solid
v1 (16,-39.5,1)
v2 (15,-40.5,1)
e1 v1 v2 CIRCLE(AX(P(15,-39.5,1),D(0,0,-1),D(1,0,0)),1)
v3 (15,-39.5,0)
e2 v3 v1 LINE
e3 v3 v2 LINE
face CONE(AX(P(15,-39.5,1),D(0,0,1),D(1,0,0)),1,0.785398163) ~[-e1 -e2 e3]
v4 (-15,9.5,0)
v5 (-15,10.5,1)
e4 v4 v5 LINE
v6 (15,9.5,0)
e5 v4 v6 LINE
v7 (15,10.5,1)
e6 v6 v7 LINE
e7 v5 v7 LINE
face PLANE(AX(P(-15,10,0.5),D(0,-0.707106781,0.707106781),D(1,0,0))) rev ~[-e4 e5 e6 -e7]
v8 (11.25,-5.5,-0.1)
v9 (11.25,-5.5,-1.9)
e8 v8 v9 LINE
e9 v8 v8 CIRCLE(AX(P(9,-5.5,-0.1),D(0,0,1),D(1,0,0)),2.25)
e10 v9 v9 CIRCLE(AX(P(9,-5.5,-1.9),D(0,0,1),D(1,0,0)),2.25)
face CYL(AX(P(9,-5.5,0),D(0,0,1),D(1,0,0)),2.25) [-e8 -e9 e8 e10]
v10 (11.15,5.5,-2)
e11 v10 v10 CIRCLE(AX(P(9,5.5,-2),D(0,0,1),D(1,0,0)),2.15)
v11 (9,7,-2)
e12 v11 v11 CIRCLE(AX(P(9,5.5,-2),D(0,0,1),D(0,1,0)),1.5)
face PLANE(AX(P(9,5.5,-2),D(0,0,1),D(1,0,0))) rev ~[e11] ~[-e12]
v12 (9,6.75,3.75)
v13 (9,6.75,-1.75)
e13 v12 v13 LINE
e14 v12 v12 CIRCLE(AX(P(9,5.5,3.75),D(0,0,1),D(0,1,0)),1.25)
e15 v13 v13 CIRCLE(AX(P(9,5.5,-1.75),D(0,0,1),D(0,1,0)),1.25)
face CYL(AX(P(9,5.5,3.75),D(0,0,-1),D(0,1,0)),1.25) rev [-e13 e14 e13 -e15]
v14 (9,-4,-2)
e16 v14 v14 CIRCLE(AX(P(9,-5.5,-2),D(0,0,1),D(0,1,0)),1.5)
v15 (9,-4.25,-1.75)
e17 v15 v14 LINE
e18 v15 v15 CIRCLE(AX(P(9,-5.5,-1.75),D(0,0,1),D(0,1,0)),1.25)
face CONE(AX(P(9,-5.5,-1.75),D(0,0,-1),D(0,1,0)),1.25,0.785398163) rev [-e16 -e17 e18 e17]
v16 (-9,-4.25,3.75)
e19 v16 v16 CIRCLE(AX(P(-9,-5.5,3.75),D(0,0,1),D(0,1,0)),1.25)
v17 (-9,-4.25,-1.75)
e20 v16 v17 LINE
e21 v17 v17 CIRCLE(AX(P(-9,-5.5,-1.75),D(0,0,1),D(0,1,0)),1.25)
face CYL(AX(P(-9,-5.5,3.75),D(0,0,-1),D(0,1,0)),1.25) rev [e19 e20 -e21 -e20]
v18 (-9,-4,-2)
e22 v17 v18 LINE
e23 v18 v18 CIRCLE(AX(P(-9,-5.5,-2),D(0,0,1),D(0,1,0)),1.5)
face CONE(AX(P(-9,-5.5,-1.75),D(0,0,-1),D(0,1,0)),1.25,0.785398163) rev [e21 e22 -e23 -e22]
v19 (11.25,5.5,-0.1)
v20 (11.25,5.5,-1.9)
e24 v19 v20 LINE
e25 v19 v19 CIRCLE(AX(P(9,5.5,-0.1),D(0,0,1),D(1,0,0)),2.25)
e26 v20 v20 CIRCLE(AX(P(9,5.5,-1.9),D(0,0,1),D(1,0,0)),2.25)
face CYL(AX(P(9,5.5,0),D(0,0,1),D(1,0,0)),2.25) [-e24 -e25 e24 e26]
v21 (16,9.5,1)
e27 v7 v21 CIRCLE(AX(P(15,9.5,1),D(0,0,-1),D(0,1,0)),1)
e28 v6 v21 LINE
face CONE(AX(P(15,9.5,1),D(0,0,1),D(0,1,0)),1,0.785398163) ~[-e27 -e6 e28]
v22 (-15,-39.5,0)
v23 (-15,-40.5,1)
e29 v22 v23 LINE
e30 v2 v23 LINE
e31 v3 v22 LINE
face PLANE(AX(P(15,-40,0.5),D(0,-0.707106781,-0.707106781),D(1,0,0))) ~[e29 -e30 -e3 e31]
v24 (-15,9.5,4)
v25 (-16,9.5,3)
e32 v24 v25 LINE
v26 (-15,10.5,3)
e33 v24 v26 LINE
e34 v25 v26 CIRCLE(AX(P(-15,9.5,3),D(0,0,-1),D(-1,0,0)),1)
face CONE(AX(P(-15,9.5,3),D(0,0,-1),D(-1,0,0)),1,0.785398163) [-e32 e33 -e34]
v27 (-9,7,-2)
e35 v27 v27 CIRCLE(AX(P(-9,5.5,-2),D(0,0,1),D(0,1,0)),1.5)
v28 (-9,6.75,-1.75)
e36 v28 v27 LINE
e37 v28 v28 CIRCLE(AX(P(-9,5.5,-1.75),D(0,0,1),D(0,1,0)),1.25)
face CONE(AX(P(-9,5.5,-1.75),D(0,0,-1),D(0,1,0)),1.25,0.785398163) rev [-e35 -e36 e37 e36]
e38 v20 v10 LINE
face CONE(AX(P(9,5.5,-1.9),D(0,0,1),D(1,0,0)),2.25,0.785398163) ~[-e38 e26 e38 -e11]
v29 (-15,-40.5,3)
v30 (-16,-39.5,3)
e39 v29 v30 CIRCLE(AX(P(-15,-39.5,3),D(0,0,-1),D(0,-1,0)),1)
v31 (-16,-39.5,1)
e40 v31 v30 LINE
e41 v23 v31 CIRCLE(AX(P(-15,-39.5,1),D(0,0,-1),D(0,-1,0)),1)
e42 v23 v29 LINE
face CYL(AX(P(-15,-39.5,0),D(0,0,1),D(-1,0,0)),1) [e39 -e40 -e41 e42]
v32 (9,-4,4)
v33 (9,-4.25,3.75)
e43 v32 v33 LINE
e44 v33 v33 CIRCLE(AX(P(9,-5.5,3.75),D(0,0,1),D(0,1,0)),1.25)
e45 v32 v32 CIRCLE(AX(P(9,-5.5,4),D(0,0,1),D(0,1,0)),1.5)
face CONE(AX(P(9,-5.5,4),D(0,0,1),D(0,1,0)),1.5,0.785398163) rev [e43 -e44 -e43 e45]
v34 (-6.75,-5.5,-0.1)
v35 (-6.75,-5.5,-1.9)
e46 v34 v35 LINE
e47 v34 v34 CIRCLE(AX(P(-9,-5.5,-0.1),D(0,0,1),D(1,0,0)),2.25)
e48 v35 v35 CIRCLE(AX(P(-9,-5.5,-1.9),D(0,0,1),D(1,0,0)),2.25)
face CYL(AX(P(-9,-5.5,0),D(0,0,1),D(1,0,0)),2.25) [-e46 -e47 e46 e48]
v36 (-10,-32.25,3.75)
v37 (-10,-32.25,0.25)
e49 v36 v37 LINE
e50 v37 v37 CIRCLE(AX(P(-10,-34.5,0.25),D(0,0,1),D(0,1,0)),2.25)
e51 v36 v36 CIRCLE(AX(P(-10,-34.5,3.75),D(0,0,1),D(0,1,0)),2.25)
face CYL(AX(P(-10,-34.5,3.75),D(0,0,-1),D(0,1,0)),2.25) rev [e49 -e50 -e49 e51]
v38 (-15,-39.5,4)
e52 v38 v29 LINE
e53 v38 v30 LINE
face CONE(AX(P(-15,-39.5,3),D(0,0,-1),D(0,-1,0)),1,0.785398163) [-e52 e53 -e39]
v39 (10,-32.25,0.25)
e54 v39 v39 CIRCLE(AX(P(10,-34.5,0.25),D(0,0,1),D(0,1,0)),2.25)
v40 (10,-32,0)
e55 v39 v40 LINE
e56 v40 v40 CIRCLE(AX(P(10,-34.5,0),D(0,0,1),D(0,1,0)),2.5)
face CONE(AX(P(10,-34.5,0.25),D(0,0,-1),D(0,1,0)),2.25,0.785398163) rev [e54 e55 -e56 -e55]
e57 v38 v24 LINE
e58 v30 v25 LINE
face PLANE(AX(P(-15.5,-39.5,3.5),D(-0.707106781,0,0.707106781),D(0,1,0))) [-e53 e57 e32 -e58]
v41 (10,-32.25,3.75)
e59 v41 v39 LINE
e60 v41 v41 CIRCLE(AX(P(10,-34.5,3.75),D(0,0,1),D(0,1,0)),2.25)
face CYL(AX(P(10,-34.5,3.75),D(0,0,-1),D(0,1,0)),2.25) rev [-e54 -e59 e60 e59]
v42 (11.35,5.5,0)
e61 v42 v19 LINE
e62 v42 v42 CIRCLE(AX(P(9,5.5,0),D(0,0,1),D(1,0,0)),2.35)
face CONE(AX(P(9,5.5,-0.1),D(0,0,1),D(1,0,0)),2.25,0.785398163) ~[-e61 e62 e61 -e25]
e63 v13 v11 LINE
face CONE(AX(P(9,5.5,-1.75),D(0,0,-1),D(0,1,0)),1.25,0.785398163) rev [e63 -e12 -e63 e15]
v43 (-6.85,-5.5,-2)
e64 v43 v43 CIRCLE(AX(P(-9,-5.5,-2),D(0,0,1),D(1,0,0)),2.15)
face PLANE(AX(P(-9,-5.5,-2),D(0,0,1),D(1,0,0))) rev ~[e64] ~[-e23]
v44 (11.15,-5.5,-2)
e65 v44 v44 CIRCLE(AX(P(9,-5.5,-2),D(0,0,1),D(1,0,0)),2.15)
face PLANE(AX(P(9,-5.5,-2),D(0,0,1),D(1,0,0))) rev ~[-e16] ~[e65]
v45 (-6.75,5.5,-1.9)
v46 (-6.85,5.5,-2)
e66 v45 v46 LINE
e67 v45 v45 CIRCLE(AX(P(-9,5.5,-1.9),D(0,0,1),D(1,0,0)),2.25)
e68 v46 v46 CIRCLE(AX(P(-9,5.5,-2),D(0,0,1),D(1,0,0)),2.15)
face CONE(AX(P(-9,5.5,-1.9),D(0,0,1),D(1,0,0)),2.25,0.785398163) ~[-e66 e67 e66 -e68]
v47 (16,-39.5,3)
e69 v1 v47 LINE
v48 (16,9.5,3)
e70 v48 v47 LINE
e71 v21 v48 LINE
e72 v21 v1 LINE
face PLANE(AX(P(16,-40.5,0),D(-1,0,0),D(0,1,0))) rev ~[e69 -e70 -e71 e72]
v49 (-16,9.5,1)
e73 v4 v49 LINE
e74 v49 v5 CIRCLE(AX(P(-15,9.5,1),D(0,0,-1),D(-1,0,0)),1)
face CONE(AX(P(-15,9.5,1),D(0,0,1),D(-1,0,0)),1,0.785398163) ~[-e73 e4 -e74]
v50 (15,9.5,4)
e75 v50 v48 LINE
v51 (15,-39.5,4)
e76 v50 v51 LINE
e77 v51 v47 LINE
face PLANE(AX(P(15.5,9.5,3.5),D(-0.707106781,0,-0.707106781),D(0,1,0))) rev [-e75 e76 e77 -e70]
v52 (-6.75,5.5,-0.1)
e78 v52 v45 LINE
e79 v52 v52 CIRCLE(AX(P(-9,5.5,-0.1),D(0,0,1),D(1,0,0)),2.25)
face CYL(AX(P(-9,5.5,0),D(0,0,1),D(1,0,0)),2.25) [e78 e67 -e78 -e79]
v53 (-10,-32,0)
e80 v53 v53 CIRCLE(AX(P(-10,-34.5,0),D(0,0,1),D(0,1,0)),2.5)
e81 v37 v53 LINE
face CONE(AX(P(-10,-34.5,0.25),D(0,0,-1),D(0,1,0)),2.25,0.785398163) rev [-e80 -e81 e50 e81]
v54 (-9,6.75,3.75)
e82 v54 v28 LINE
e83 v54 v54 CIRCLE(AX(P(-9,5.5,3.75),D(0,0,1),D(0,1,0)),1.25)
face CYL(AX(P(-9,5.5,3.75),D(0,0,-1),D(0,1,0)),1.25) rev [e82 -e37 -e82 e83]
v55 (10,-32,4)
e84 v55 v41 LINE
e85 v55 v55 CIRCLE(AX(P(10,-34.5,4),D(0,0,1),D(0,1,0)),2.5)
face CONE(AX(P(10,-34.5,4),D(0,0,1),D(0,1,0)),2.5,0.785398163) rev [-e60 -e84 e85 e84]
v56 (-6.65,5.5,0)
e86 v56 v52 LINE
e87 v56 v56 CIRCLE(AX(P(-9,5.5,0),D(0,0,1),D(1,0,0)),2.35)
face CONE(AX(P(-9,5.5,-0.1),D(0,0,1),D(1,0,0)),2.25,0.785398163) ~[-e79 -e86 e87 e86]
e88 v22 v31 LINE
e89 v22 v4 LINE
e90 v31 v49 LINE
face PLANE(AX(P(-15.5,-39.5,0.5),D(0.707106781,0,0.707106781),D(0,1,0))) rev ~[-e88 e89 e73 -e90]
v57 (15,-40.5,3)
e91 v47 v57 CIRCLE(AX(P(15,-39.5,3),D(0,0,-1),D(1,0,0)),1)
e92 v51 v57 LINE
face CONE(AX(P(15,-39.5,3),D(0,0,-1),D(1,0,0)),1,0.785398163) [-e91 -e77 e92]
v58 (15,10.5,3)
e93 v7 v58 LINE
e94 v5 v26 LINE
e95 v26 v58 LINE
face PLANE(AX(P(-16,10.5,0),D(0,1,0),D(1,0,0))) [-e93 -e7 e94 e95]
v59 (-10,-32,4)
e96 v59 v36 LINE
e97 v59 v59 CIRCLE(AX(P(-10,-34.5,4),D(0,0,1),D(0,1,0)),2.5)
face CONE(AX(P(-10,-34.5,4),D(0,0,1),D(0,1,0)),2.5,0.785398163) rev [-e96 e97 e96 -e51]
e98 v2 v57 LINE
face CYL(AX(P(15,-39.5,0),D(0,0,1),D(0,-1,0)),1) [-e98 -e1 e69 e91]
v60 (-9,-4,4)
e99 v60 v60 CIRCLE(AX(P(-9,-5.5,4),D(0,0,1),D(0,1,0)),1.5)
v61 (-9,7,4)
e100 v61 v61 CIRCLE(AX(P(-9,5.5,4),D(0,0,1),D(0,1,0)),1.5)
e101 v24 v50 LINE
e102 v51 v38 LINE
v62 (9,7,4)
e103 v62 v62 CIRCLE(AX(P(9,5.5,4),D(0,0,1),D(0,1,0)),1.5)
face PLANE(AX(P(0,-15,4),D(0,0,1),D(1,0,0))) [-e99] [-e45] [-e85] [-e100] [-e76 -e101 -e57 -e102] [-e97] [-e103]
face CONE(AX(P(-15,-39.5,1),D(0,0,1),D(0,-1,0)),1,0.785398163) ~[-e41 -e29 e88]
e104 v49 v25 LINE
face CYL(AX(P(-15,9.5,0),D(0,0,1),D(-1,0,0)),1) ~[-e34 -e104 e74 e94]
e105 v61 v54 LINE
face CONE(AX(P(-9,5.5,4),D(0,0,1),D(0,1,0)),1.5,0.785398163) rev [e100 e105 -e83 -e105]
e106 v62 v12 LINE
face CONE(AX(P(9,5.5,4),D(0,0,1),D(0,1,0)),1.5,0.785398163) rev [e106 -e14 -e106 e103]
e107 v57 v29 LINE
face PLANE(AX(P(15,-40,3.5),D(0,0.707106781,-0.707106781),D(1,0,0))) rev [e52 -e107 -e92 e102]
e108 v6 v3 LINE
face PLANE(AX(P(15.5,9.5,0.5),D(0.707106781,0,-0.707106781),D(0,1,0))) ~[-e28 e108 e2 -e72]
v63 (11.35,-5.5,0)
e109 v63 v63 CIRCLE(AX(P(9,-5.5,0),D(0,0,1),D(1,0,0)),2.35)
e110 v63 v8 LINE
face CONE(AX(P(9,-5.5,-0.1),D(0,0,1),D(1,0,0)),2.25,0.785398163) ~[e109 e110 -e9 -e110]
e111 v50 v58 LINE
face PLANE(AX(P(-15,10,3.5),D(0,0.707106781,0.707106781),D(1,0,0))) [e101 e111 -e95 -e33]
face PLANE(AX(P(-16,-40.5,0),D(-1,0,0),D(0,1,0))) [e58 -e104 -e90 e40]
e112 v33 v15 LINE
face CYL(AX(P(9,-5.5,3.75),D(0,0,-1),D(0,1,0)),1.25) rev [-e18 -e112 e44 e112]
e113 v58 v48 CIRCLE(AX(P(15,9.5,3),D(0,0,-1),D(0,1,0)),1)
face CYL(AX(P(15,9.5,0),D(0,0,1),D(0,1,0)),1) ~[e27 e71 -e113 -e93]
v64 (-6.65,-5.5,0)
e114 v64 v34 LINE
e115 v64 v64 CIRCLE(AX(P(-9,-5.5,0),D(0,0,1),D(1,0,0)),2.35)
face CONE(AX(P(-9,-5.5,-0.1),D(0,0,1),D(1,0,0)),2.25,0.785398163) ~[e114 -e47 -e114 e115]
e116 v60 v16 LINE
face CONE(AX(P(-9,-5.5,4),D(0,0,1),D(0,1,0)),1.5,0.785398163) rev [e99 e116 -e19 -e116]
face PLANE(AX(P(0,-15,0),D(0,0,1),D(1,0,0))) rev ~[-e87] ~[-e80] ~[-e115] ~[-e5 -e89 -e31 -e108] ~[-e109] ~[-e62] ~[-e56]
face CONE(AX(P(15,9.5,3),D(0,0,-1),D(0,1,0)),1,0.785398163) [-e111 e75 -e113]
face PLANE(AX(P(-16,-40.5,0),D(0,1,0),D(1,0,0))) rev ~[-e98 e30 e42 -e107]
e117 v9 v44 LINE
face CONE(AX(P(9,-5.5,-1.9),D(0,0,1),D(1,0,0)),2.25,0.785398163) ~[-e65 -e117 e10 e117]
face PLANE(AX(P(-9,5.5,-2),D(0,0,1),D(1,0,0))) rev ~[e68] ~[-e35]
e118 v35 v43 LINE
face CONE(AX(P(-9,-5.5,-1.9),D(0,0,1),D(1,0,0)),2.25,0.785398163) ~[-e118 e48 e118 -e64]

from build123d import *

# Parameters (mm, degrees)
SKETCH1_W                      = 32
SKETCH1_H                      = 51
BOSS_EXTRUDE1_DEPTH            = 4
SKETCH1_3_R                    = 2.25
BOSS_EXTRUDE2_DEPTH            = 2
F_2_5MM_DOWEL_HOLE1_AT_2_COUNT = 2
F_2_5MM_DOWEL_HOLE1_AT_2_PITCH = 11
F_2_5MM_DOWEL_HOLE1_AT_3_COUNT = 2
F_2_5MM_DOWEL_HOLE1_AT_3_PITCH = 21.09502311
F_2_5MM_DOWEL_HOLE1_AT_4_COUNT = 2
F_2_5MM_DOWEL_HOLE1_AT_4_PITCH = 18
M4_CLEARANCE_HOLE1_AT_2_COUNT  = 2
M4_CLEARANCE_HOLE1_AT_2_PITCH  = 20
FILLET1_R                      = 1
CHAMFER1_SIZE                  = 1
CHAMFER2_SIZE                  = 0.1


with BuildPart() as part:
    # Sketch1 → Boss-Extrude1 (new body)
    with BuildSketch(Plane.XY):
        with Locations((0, -15)):
            Rectangle(SKETCH1_W, SKETCH1_H)
    extrude(amount=BOSS_EXTRUDE1_DEPTH)

    # Sketch1<3> → Boss-Extrude2 (add)
    with BuildSketch(Plane.XY):
        with Locations((-9, 5.5)):
            Circle(SKETCH1_3_R)
        with Locations((-9, -5.5)):
            Circle(SKETCH1_3_R)
        with Locations((9, -5.5)):
            Circle(SKETCH1_3_R)
        with Locations((9, 5.5)):
            Circle(SKETCH1_3_R)
    extrude(amount=-BOSS_EXTRUDE2_DEPTH)

    # Sketch5 → Ø2.5mm Dowel Hole1 (revolve, cut)
    with BuildSketch(Plane(origin=(-9, 5.5, -2), x_dir=(0, 1, 0), z_dir=(1, 0, 0))):
        Polygon((0, 0), (0, 6), (1.5, 6), (1.25, 5.75), (1.25, 0.25), (1.5, 0), align=None)
    f_2_5mm_dowel_hole1 = revolve(axis=Axis((-9, 5.5, -8.35), (0, 0, 1)), mode=Mode.SUBTRACT)

    # Ø2.5mm Dowel Hole1 at 2: Ø2.5mm Dowel Hole1 ×2
    with Locations(*[(0, -i * F_2_5MM_DOWEL_HOLE1_AT_2_PITCH, 0) for i in range(1, F_2_5MM_DOWEL_HOLE1_AT_2_COUNT)]):
        add(f_2_5mm_dowel_hole1, mode=Mode.SUBTRACT)

    # Ø2.5mm Dowel Hole1 at 3: Ø2.5mm Dowel Hole1 ×2
    with Locations(*[Vector(0.8532818336519591, -0.521450009453975, 0) * (i * F_2_5MM_DOWEL_HOLE1_AT_3_PITCH) for i in range(1, F_2_5MM_DOWEL_HOLE1_AT_3_COUNT)]):
        add(f_2_5mm_dowel_hole1, mode=Mode.SUBTRACT)

    # Ø2.5mm Dowel Hole1 at 4: Ø2.5mm Dowel Hole1 ×2
    with Locations(*[(i * F_2_5MM_DOWEL_HOLE1_AT_4_PITCH, 0, 0) for i in range(1, F_2_5MM_DOWEL_HOLE1_AT_4_COUNT)]):
        add(f_2_5mm_dowel_hole1, mode=Mode.SUBTRACT)

    # Sketch8 → M4 Clearance Hole1 (revolve, cut)
    with BuildSketch(Plane(origin=(-10, -34.5, 0), x_dir=(0, 1, 0), z_dir=(1, 0, 0))):
        Polygon((0, 0), (0, 4), (2.5, 4), (2.25, 3.75), (2.25, 0.25), (2.5, 0), align=None)
    m4_clearance_hole1 = revolve(axis=Axis((-10, -34.5, -6.35), (0, 0, 1)), mode=Mode.SUBTRACT)

    # M4 Clearance Hole1 at 2: M4 Clearance Hole1 ×2
    with Locations(*[(i * M4_CLEARANCE_HOLE1_AT_2_PITCH, 0, 0) for i in range(1, M4_CLEARANCE_HOLE1_AT_2_COUNT)]):
        add(m4_clearance_hole1, mode=Mode.SUBTRACT)

    # Fillet1
    fillet1_edges = [part.edges().sort_by_distance(p)[0] for p in [
        (16, 10.5, 2),
        (16, -40.5, 2),
        (-16, -40.5, 2),
        (-16, 10.5, 2),
    ]]
    fillet(fillet1_edges, radius=FILLET1_R)

    # Chamfer1
    chamfer1_edges = [part.edges().sort_by_distance(p)[0] for p in [
        (0, -40.5, 4),
        (-15.707106781, -40.207106781, 4),
        (15.707106781, -40.207106781, 4),
        (-16, -15, 4),
        (16, -15, 4),
        (-15.707106781, 10.207106781, 4),
        (15.707106781, 10.207106781, 4),
        (0, 10.5, 4),
        (0, -40.5, 0),
        (-15.707106781, -40.207106781, 0),
        (15.707106781, -40.207106781, 0),
        (-16, -15, 0),
        (16, -15, 0),
        (-15.707106781, 10.207106781, 0),
        (15.707106781, 10.207106781, 0),
        (0, 10.5, 0),
    ]]
    chamfer(chamfer1_edges, length=CHAMFER1_SIZE)

    # Chamfer2
    chamfer2_edges = [part.edges().sort_by_distance(p)[0] for p in [
        (6.75, -5.5, 0),
        (6.75, -5.5, -2),
        (6.75, 5.5, 0),
        (6.75, 5.5, -2),
        (-11.25, -5.5, 0),
        (-11.25, -5.5, -2),
        (-11.25, 5.5, 0),
        (-11.25, 5.5, -2),
    ]]
    chamfer(chamfer2_edges, length=CHAMFER2_SIZE)


solid = part.part
